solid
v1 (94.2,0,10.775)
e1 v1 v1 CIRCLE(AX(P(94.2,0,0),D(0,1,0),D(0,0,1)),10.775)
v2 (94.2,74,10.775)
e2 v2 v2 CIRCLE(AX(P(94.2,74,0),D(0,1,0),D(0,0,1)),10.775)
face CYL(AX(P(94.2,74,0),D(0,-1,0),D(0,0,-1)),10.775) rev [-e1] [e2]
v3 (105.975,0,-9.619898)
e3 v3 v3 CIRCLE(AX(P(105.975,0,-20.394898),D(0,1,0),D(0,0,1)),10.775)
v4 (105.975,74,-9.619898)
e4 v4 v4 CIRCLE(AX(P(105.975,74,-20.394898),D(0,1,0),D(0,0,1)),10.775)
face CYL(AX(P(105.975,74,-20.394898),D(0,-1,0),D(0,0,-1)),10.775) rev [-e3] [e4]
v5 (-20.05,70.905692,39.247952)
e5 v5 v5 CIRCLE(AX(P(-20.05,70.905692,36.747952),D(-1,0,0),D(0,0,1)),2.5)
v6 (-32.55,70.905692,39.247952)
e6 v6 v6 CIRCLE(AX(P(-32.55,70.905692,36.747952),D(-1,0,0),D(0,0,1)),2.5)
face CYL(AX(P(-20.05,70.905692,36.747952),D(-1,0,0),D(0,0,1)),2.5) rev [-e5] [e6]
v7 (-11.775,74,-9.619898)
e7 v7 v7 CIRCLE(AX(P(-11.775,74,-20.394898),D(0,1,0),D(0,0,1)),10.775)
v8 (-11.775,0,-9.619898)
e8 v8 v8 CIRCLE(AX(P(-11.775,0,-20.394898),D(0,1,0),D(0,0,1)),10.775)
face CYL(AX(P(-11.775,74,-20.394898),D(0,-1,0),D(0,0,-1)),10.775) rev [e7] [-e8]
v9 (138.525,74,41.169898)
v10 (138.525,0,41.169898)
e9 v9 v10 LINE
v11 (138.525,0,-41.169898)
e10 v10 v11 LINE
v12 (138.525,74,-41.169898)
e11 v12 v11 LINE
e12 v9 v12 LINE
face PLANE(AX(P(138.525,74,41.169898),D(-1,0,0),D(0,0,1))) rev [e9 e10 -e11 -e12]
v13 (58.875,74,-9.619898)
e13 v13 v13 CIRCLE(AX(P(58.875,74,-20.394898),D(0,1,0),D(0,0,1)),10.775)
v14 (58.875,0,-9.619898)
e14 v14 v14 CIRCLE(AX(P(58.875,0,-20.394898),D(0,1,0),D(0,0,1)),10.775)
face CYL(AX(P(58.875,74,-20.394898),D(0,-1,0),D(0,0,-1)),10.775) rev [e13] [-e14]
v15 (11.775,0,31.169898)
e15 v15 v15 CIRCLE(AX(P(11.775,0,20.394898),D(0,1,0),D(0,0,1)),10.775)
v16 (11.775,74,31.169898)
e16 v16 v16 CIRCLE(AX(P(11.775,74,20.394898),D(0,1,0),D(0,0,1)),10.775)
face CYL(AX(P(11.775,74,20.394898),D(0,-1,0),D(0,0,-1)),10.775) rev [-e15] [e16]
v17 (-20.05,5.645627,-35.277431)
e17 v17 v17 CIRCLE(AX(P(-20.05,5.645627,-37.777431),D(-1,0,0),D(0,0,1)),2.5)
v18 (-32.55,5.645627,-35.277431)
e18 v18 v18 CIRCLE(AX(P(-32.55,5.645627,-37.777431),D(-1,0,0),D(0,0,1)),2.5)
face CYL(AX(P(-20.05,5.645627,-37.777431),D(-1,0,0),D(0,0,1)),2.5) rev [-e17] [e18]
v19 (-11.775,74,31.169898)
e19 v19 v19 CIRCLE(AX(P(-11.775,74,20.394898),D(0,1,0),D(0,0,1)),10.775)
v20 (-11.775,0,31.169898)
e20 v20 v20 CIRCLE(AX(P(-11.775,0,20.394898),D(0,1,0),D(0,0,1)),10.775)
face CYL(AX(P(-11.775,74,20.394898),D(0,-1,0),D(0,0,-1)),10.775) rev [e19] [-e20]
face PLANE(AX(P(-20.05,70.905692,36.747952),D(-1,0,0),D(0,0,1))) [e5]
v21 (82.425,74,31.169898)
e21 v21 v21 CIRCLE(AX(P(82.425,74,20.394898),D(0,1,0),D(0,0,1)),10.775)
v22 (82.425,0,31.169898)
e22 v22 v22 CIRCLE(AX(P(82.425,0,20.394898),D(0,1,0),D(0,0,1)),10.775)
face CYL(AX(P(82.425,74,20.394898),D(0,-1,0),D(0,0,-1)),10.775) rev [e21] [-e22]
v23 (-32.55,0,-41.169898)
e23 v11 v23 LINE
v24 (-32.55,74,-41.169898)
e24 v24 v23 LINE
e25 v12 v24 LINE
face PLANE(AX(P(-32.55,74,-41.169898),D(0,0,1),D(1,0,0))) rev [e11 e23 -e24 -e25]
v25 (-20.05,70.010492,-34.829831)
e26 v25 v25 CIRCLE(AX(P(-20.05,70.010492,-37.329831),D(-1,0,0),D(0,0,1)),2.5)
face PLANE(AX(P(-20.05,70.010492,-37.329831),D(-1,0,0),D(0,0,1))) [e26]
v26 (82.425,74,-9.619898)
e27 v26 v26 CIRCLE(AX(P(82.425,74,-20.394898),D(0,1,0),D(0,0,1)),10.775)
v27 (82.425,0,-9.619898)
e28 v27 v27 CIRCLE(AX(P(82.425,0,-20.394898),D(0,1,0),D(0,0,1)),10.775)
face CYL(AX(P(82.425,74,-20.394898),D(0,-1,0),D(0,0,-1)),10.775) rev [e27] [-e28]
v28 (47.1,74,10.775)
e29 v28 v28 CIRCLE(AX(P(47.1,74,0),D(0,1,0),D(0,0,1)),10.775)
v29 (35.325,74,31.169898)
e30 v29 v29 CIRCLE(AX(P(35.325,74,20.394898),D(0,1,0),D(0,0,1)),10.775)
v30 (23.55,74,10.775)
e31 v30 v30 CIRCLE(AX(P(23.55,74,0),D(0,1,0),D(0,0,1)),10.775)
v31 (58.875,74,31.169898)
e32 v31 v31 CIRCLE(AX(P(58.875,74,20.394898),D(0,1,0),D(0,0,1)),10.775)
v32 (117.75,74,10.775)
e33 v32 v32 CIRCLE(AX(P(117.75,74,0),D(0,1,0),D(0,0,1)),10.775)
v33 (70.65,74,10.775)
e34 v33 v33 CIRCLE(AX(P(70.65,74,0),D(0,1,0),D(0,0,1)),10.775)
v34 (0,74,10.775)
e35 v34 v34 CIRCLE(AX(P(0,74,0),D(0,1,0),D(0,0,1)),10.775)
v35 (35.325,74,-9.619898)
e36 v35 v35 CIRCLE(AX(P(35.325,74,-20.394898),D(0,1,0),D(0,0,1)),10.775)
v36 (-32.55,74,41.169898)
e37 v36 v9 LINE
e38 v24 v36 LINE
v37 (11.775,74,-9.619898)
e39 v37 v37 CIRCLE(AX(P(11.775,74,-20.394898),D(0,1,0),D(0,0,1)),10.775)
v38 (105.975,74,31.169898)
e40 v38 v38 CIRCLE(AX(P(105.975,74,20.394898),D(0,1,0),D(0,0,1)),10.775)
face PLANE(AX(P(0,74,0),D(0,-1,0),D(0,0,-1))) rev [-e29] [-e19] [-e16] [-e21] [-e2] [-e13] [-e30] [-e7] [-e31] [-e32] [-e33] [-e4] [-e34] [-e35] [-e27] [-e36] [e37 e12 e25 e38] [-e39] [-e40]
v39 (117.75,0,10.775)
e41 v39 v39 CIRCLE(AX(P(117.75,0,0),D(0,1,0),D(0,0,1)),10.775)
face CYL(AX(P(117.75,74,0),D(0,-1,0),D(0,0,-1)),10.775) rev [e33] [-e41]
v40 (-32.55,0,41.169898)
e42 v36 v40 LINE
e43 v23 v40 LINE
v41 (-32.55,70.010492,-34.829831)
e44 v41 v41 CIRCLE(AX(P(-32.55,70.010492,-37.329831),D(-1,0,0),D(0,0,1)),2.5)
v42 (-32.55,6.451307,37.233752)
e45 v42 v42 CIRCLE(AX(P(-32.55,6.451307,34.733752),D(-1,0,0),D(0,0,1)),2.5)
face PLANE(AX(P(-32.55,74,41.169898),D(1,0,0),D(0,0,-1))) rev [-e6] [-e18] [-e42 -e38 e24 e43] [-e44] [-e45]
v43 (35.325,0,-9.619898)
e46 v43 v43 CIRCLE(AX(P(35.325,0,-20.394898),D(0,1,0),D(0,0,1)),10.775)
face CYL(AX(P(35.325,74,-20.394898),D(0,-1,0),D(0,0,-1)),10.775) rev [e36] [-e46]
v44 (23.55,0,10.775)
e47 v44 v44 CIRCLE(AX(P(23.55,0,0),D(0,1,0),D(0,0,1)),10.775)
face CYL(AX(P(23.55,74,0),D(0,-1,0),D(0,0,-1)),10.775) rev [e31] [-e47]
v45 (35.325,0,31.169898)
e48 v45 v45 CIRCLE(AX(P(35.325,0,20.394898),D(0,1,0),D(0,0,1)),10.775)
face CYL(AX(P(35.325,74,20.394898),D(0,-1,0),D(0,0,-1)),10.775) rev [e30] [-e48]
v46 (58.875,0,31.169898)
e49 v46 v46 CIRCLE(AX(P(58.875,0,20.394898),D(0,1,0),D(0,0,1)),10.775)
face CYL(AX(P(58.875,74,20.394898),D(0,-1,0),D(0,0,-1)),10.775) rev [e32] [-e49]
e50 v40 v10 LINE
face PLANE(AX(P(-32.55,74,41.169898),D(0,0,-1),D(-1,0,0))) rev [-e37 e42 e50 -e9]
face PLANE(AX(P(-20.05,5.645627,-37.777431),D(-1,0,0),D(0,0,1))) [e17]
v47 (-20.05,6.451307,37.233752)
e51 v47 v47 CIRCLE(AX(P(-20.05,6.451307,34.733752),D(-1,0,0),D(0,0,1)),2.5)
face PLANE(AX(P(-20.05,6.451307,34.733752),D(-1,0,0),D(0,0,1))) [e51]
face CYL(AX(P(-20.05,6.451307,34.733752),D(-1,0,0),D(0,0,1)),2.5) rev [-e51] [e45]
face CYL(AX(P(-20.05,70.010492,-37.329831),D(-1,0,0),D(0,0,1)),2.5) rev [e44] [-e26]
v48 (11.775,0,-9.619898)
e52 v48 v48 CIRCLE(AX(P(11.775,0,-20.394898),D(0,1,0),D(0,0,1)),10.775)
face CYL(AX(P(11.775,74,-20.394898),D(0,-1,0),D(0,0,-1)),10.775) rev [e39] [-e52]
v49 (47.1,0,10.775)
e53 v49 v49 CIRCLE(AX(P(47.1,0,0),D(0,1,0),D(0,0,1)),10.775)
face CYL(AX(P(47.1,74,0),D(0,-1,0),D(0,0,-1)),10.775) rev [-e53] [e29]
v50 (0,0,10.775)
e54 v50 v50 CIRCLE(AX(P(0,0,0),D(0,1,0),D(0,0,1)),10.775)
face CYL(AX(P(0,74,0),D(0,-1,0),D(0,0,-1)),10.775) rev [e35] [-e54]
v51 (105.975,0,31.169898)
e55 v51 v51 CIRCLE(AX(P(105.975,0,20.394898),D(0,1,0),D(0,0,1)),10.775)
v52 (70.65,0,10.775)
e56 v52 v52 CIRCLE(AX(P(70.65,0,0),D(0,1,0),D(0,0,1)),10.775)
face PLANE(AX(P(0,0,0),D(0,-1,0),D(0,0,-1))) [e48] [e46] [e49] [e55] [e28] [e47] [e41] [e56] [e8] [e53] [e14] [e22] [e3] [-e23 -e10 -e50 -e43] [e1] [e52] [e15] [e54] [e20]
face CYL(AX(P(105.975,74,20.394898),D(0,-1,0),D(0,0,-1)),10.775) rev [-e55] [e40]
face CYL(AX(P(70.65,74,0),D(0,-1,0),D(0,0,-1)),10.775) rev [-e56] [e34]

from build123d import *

# Parameters (mm, degrees)
SKETCH1_W           = 171.075
SKETCH1_H           = 82.339796518
SKETCH1_R           = 10.775
BOSS_EXTRUDE1_DEPTH = 74
SKETCH2_R           = 2.5
CUT_EXTRUDE1_DEPTH  = 12.5


with BuildPart() as part:
    # Sketch1 → Boss-Extrude1 (new body)
    with BuildSketch(Plane(origin=(0, 0, 0), x_dir=(1, 0, 0), z_dir=(0, 1, 0))):
        with Locations((52.9875, 0)):
            Rectangle(SKETCH1_W, SKETCH1_H)
        Circle(SKETCH1_R, mode=Mode.SUBTRACT)
        with Locations((-11.775, 20.394898259)):
            Circle(SKETCH1_R, mode=Mode.SUBTRACT)
        with Locations((-11.775, -20.394898259)):
            Circle(SKETCH1_R, mode=Mode.SUBTRACT)
        with Locations((11.775, 20.394898259)):
            Circle(SKETCH1_R, mode=Mode.SUBTRACT)
        with Locations((23.55, 0)):
            Circle(SKETCH1_R, mode=Mode.SUBTRACT)
        with Locations((11.775, -20.394898259)):
            Circle(SKETCH1_R, mode=Mode.SUBTRACT)
        with Locations((35.325, 20.394898259)):
            Circle(SKETCH1_R, mode=Mode.SUBTRACT)
        with Locations((47.1, 0)):
            Circle(SKETCH1_R, mode=Mode.SUBTRACT)
        with Locations((35.325, -20.394898259)):
            Circle(SKETCH1_R, mode=Mode.SUBTRACT)
        with Locations((58.875, 20.394898259)):
            Circle(SKETCH1_R, mode=Mode.SUBTRACT)
        with Locations((70.65, 0)):
            Circle(SKETCH1_R, mode=Mode.SUBTRACT)
        with Locations((58.875, -20.394898259)):
            Circle(SKETCH1_R, mode=Mode.SUBTRACT)
        with Locations((82.425, 20.394898259)):
            Circle(SKETCH1_R, mode=Mode.SUBTRACT)
        with Locations((94.2, 0)):
            Circle(SKETCH1_R, mode=Mode.SUBTRACT)
        with Locations((82.425, -20.394898259)):
            Circle(SKETCH1_R, mode=Mode.SUBTRACT)
        with Locations((105.975, 20.394898259)):
            Circle(SKETCH1_R, mode=Mode.SUBTRACT)
        with Locations((117.75, 0)):
            Circle(SKETCH1_R, mode=Mode.SUBTRACT)
        with Locations((105.975, -20.394898259)):
            Circle(SKETCH1_R, mode=Mode.SUBTRACT)
    extrude(amount=BOSS_EXTRUDE1_DEPTH)

    # Sketch2 → Cut-Extrude1 (cut)
    with BuildSketch(Plane.ZY.offset(32.55)):
        with Locations((-37.329831377, 70.010492375)):
            Circle(SKETCH2_R)
        with Locations((36.747951512, 70.905692168)):
            Circle(SKETCH2_R)
        with Locations((34.733751977, 6.451307056)):
            Circle(SKETCH2_R)
        with Locations((-37.777431274, 5.645627242)):
            Circle(SKETCH2_R)
    extrude(amount=-CUT_EXTRUDE1_DEPTH, mode=Mode.SUBTRACT)


solid = part.part
